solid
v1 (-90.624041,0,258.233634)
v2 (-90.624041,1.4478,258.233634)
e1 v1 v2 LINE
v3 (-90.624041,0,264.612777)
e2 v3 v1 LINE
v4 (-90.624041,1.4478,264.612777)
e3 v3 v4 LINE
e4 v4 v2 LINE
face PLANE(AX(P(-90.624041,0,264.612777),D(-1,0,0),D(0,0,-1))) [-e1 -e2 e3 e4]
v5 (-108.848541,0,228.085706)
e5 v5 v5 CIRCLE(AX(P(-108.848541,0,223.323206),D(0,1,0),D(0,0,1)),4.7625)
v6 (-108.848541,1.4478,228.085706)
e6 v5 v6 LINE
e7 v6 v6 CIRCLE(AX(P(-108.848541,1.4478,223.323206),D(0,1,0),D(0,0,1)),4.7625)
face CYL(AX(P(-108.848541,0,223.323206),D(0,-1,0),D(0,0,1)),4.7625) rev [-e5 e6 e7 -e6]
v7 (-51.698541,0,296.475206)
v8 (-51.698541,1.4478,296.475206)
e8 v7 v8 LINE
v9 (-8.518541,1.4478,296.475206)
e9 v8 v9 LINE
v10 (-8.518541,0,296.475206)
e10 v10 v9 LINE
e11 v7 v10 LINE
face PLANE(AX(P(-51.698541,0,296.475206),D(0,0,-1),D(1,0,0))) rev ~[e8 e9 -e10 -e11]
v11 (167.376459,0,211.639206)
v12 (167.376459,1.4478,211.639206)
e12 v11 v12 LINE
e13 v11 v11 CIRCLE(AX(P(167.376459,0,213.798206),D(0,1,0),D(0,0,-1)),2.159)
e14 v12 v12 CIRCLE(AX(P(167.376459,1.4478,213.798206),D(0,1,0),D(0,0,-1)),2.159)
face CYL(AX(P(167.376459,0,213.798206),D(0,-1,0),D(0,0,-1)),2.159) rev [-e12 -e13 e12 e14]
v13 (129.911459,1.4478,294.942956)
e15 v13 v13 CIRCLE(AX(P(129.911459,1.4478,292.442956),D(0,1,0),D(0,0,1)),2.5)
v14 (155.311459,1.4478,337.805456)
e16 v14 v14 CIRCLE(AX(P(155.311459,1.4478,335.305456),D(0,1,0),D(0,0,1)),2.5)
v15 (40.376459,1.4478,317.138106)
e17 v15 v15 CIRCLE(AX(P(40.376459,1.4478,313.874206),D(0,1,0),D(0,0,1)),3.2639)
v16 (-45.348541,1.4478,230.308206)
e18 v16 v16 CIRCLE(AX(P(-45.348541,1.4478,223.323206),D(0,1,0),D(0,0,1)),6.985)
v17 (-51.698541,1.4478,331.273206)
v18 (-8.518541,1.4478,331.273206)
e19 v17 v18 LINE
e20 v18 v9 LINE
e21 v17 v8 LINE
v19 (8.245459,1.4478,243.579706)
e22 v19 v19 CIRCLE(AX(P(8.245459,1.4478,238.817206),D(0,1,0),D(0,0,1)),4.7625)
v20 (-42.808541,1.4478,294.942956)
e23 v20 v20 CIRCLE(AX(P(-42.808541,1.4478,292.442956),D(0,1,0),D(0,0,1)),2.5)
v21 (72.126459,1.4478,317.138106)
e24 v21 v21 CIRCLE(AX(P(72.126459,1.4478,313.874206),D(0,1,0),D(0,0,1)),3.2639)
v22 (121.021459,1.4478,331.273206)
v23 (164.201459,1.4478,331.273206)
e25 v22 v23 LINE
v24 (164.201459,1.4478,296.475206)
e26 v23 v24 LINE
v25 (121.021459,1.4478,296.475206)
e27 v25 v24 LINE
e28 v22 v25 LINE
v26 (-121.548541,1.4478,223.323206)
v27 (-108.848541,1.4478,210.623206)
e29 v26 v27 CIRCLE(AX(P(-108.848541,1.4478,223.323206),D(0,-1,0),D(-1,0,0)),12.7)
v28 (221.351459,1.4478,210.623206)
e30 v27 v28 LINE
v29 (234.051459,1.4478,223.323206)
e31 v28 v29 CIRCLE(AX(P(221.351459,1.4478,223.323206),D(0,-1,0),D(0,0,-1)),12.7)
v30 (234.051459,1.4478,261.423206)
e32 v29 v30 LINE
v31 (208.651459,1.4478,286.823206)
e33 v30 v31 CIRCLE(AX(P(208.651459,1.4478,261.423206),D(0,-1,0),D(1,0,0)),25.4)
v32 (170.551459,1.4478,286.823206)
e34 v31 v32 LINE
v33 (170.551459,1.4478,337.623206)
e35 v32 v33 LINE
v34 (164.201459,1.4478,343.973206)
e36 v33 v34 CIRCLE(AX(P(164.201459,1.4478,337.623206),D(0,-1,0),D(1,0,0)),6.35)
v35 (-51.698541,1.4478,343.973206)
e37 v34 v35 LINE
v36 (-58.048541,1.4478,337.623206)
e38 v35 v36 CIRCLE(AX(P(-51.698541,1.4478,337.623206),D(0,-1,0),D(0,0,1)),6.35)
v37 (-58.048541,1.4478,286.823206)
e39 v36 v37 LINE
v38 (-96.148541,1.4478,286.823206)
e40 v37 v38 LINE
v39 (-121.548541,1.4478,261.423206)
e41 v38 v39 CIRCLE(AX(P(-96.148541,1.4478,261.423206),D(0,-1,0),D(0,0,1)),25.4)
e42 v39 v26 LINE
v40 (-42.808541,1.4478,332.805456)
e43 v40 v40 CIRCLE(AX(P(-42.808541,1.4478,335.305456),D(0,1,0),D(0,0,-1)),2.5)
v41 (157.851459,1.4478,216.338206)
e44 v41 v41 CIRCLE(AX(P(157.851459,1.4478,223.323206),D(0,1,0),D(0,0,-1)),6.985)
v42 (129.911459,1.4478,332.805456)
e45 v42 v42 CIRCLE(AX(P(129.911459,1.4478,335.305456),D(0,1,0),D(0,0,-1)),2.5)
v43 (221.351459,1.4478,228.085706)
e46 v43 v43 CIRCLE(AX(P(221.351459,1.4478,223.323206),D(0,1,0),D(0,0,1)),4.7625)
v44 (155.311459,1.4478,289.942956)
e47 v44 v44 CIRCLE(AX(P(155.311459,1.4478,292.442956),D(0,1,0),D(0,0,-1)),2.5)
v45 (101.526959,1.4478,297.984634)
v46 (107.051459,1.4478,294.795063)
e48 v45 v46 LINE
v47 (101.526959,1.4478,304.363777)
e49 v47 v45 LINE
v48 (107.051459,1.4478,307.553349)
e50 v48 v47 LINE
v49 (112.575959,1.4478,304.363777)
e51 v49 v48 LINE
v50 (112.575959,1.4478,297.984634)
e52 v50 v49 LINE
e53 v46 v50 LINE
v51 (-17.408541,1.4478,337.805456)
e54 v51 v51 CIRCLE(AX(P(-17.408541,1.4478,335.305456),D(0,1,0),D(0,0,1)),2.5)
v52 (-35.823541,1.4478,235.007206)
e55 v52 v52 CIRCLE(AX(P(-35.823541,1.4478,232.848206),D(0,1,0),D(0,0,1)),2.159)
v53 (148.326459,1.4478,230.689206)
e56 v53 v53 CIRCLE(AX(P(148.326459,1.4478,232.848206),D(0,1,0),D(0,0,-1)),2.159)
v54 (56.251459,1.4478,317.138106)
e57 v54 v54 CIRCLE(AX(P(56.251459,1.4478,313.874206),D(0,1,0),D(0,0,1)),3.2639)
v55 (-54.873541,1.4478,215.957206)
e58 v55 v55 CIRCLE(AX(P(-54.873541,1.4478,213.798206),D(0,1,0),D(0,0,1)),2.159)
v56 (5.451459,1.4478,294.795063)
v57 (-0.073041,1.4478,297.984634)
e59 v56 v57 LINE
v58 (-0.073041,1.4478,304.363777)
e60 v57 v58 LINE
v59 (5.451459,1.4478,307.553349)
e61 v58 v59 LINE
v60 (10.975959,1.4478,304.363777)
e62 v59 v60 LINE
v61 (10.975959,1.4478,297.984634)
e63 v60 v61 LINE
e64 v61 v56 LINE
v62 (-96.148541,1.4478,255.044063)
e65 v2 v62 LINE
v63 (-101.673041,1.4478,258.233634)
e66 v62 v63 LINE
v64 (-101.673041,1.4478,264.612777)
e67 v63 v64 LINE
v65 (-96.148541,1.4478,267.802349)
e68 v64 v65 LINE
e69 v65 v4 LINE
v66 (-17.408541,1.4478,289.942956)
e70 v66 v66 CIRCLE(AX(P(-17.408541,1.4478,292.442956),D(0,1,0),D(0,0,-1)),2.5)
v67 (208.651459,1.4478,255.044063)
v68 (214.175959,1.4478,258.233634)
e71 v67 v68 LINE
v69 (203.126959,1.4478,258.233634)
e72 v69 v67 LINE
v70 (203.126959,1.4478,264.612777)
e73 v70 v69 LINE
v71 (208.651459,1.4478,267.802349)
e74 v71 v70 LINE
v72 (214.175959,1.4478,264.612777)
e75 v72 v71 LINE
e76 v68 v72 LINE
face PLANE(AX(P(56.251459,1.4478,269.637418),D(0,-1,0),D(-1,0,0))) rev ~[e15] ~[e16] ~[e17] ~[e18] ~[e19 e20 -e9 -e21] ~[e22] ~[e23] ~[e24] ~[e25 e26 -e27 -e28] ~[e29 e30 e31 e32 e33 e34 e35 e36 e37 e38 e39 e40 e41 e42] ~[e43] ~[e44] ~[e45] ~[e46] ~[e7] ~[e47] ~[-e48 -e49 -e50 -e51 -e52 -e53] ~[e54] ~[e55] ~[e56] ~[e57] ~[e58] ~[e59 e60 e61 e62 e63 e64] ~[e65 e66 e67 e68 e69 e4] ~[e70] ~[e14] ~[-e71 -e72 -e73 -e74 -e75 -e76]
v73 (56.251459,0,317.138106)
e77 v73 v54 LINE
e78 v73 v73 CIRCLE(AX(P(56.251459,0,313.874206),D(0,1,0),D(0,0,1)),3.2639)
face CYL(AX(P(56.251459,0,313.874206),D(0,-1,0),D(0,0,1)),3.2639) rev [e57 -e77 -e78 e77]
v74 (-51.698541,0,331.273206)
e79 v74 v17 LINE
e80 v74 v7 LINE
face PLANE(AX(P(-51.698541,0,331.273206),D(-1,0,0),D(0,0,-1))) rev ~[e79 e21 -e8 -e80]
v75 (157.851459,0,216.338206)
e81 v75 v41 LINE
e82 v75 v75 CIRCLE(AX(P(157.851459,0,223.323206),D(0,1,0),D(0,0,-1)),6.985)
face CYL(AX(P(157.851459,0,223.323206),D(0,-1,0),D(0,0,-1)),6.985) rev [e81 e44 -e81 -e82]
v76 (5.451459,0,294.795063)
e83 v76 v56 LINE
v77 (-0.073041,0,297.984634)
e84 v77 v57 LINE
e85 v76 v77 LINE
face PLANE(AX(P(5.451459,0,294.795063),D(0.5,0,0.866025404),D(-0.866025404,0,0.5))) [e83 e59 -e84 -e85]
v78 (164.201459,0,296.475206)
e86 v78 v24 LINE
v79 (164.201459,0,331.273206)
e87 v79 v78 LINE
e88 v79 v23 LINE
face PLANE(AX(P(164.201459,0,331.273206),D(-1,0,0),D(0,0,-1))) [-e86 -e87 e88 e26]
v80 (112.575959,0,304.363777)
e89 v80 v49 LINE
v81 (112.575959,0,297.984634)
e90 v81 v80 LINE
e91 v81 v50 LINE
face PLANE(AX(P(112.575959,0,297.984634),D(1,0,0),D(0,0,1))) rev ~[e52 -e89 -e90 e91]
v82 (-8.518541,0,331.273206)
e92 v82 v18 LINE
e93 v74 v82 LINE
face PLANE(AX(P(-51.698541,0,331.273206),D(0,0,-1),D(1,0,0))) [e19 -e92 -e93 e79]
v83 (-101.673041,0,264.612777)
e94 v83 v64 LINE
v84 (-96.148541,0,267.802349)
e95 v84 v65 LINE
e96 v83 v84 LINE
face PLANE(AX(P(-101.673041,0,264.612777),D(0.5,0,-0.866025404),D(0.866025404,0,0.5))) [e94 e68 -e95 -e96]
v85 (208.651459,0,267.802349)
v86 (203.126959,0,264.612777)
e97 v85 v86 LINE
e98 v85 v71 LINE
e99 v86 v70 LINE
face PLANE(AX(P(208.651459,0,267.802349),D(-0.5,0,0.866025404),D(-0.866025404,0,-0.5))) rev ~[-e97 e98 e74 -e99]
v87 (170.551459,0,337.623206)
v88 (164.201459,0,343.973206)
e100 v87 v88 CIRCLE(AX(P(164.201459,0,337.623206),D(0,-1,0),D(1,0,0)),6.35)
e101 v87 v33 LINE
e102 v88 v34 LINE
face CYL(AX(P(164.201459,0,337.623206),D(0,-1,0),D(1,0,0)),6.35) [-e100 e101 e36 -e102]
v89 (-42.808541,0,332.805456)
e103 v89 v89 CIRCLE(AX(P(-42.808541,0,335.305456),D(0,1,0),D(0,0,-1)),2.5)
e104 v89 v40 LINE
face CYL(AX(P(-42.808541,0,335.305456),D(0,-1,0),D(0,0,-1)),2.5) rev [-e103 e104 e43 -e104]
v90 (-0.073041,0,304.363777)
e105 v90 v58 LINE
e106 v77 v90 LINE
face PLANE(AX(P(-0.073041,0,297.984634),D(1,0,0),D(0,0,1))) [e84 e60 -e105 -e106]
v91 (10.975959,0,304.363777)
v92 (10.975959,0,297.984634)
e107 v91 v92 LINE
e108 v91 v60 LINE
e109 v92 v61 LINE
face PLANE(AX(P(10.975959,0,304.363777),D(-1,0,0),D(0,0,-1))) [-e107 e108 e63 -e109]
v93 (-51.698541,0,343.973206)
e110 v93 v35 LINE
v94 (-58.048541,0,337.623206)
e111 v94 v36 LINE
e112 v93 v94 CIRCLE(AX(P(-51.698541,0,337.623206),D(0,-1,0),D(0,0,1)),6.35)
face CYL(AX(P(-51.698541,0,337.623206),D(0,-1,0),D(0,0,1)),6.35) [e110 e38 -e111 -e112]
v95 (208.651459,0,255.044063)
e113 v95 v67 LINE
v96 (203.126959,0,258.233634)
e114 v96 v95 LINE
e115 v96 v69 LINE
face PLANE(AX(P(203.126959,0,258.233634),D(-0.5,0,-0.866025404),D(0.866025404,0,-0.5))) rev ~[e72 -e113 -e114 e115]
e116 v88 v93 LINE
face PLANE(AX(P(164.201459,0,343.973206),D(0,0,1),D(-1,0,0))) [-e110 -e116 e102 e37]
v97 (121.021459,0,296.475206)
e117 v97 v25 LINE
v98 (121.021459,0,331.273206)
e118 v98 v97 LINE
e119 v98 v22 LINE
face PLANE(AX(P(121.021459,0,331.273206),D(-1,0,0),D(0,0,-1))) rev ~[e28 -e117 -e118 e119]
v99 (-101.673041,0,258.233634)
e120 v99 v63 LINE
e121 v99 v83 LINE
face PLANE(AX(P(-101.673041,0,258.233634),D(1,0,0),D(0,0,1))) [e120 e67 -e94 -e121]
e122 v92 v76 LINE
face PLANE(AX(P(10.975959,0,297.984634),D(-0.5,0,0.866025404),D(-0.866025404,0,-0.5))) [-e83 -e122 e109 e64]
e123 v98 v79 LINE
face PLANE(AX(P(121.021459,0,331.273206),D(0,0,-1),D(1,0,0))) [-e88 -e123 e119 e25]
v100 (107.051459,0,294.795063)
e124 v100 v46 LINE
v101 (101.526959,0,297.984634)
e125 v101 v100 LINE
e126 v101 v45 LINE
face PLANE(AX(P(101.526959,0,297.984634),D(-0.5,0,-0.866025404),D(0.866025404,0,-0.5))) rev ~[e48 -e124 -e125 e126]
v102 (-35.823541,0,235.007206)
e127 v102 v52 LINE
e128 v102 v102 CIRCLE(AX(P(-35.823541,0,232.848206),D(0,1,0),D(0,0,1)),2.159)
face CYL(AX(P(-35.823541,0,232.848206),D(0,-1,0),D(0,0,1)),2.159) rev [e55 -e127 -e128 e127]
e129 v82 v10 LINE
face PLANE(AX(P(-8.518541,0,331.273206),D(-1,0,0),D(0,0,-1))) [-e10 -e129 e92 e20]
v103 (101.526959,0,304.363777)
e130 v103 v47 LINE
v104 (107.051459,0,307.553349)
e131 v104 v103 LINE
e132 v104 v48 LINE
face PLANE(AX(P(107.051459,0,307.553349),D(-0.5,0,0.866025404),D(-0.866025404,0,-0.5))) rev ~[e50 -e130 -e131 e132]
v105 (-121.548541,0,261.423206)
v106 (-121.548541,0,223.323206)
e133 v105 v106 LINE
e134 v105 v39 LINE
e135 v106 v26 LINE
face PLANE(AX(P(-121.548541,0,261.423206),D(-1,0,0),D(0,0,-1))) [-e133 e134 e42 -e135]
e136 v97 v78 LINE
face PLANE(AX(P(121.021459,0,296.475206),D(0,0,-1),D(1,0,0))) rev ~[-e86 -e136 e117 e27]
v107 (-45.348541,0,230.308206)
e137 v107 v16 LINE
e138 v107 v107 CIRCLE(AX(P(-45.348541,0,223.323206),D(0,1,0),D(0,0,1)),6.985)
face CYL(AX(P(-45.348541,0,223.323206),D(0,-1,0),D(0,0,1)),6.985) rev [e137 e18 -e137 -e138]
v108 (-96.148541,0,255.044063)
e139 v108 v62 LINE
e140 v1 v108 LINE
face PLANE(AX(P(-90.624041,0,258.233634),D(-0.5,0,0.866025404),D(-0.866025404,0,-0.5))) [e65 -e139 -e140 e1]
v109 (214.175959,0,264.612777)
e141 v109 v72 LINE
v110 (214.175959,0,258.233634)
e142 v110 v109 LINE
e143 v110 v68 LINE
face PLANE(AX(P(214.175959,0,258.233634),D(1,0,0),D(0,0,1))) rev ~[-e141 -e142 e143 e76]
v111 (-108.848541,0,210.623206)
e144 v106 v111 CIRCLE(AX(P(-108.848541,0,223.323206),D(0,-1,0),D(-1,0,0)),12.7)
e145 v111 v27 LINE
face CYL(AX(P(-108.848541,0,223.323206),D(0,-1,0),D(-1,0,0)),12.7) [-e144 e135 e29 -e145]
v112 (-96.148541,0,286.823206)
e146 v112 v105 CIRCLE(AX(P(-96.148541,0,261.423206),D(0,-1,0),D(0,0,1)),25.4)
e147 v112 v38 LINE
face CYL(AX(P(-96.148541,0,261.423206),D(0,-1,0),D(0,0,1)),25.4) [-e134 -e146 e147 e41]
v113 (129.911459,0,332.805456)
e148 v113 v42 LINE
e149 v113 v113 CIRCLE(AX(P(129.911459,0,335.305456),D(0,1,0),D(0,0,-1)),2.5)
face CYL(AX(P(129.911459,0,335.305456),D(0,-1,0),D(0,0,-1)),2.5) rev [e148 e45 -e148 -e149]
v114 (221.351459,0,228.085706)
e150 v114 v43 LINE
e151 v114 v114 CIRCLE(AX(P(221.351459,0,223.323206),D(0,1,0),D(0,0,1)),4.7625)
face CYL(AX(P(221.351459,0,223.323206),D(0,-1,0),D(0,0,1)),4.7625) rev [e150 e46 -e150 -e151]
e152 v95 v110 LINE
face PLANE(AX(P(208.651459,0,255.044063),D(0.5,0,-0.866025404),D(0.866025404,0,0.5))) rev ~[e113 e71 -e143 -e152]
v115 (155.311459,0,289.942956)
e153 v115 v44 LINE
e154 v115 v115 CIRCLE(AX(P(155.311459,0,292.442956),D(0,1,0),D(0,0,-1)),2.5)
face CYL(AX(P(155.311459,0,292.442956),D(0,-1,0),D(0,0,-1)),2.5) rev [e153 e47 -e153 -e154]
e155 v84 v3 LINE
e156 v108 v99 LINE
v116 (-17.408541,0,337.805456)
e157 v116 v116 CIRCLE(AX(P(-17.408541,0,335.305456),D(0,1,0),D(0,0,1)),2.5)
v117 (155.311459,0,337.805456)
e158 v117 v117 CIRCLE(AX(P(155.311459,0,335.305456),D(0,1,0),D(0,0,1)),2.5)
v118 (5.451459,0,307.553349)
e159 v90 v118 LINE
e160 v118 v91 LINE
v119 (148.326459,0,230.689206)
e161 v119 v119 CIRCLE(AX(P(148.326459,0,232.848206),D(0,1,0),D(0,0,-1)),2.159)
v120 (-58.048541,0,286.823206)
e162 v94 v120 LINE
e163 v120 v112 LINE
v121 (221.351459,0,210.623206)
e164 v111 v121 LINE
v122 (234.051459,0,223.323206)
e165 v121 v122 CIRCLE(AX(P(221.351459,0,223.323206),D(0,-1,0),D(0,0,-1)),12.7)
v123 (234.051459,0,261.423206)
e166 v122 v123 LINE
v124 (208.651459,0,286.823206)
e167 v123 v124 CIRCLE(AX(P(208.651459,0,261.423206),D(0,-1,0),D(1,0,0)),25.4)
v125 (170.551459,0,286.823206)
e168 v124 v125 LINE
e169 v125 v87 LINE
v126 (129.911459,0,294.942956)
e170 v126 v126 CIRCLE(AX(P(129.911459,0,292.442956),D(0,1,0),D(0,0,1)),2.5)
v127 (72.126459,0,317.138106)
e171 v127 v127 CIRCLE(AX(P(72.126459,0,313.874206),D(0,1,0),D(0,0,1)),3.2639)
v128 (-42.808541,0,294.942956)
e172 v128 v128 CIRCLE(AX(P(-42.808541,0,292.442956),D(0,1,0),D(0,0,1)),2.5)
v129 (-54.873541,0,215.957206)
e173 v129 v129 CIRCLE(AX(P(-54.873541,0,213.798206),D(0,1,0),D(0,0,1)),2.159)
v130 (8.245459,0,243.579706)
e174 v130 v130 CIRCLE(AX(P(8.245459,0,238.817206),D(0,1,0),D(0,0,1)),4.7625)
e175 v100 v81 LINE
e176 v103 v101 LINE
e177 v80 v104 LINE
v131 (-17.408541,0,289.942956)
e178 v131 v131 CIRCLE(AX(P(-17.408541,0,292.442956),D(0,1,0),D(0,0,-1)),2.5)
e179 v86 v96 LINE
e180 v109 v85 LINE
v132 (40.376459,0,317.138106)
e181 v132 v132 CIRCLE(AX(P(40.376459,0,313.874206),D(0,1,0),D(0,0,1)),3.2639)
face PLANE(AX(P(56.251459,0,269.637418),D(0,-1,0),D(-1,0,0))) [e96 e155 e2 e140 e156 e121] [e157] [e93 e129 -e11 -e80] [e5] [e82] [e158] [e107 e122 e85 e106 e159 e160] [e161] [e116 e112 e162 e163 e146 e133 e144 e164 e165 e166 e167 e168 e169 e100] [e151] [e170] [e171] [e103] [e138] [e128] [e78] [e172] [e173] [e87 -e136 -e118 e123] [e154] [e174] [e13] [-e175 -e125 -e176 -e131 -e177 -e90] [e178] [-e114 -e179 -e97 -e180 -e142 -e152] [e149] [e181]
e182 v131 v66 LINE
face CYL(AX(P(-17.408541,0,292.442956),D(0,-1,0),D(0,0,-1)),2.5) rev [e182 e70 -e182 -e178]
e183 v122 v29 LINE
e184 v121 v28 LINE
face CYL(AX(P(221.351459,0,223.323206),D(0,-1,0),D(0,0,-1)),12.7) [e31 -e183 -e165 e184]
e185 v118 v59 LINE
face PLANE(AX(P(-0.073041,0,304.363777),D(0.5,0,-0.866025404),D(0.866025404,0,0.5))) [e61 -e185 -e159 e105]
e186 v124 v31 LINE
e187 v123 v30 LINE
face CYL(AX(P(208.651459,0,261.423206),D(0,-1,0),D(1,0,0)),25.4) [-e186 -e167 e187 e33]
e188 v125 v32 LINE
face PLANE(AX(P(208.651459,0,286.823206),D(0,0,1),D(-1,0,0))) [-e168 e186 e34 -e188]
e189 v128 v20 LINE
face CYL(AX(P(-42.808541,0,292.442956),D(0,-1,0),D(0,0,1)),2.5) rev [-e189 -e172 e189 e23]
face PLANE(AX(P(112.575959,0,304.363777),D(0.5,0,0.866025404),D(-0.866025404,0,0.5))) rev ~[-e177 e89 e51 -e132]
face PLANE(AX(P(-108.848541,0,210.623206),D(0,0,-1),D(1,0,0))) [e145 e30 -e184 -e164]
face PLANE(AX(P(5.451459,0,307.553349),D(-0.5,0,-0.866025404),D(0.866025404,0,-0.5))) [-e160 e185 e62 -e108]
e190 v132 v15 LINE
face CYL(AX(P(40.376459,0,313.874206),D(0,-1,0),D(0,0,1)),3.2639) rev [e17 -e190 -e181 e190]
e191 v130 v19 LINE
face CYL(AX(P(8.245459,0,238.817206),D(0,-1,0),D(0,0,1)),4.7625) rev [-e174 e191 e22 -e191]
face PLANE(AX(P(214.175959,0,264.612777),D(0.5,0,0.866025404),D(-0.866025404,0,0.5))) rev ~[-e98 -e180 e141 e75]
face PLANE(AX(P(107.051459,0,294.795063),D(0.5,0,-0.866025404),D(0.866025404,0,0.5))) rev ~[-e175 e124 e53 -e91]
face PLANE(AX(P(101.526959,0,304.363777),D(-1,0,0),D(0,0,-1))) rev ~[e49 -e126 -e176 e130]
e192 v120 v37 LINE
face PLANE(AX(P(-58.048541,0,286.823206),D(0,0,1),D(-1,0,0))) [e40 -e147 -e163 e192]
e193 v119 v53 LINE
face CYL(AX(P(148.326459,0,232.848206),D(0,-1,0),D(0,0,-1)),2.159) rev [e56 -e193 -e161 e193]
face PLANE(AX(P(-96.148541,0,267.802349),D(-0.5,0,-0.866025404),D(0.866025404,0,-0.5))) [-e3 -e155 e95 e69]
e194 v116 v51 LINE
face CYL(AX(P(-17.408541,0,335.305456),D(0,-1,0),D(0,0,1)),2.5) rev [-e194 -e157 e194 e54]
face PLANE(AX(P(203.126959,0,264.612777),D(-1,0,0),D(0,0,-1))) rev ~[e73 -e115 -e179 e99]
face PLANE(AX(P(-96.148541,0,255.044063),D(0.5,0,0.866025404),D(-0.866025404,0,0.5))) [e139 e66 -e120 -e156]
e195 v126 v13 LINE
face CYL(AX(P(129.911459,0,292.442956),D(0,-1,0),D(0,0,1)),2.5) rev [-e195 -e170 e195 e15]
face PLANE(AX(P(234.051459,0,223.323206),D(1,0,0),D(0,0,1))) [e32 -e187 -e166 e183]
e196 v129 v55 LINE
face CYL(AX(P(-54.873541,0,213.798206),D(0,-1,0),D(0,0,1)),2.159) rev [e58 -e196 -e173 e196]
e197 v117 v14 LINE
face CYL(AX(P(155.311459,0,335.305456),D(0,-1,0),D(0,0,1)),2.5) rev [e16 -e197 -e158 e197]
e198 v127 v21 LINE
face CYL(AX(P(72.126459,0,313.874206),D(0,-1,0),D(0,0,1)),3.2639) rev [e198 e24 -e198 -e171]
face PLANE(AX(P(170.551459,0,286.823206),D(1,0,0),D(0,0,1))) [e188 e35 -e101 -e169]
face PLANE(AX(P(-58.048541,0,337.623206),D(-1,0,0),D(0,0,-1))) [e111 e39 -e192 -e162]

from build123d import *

# Parameters (mm, degrees)
SKETCH1_R           = 2.5
SKETCH1_R_2         = 3.2639
SKETCH1_R_3         = 6.985
SKETCH1_R_4         = 2.159
SKETCH1_R_5         = 4.7625
SKETCH1_W           = 43.18
SKETCH1_H           = 34.798
BOSS_EXTRUDE1_DEPTH = 1.4478


with BuildPart() as part:
    # Sketch1 → Boss-Extrude1 (new body)
    with BuildSketch(Plane(origin=(0, 0, 0), x_dir=(1, 0, 0), z_dir=(0, 1, 0))):
        with BuildLine():
            Line((-58.048540962, -286.823205678), (-96.148540962, -286.823205678))
            ThreePointArc((-96.148540962, -286.823205678), (-114.109053204, -279.38371792), (-121.548540962, -261.423205678))
            Line((-121.548540962, -261.423205678), (-121.548540962, -223.323205678))
            ThreePointArc((-121.548540962, -223.323205678), (-117.828797083, -214.342949557), (-108.848540962, -210.623205678))
            Line((-108.848540962, -210.623205678), (221.351459038, -210.623205678))
            ThreePointArc((221.351459038, -210.623205678), (230.331715159, -214.342949557), (234.051459038, -223.323205678))
            Line((234.051459038, -223.323205678), (234.051459038, -261.423205678))
            ThreePointArc((234.051459038, -261.423205678), (226.611971281, -279.38371792), (208.651459038, -286.823205678))
            Line((208.651459038, -286.823205678), (170.551459038, -286.823205678))
            Line((170.551459038, -286.823205678), (170.551459038, -337.623205678))
            ThreePointArc((170.551459038, -337.623205678), (168.691587099, -342.113333738), (164.201459038, -343.973205678))
            Line((164.201459038, -343.973205678), (-51.698540962, -343.973205678))
            ThreePointArc((-51.698540962, -343.973205678), (-56.188669022, -342.113333738), (-58.048540962, -337.623205678))
            Line((-58.048540962, -337.623205678), (-58.048540962, -286.823205678))
        make_face()
        with Locations(Location((-42.808540962, -292.442955678, 0), (0, 0, 270))):
            Circle(SKETCH1_R, mode=Mode.SUBTRACT)
        with Locations(Location((-17.408540962, -292.442955678, 0), (0, 0, 90))):
            Circle(SKETCH1_R, mode=Mode.SUBTRACT)
        with Locations(Location((-17.408540962, -335.305455678, 0), (0, 0, 270))):
            Circle(SKETCH1_R, mode=Mode.SUBTRACT)
        with Locations(Location((-42.808540962, -335.305455678, 0), (0, 0, 90))):
            Circle(SKETCH1_R, mode=Mode.SUBTRACT)
        with Locations(Location((129.911459038, -292.442955678, 0), (0, 0, 270))):
            Circle(SKETCH1_R, mode=Mode.SUBTRACT)
        with Locations(Location((155.311459038, -292.442955678, 0), (0, 0, 90))):
            Circle(SKETCH1_R, mode=Mode.SUBTRACT)
        with Locations(Location((155.311459038, -335.305455678, 0), (0, 0, 270))):
            Circle(SKETCH1_R, mode=Mode.SUBTRACT)
        with Locations(Location((129.911459038, -335.305455678, 0), (0, 0, 90))):
            Circle(SKETCH1_R, mode=Mode.SUBTRACT)
        with Locations(Location((40.376459038, -313.874205678, 0), (0, 0, 270))):
            Circle(SKETCH1_R_2, mode=Mode.SUBTRACT)
        with Locations(Location((56.251459038, -313.874205678, 0), (0, 0, 270))):
            Circle(SKETCH1_R_2, mode=Mode.SUBTRACT)
        with Locations(Location((72.126459038, -313.874205678, 0), (0, 0, 270))):
            Circle(SKETCH1_R_2, mode=Mode.SUBTRACT)
        with Locations(Location((-45.348540962, -223.323205678, 0), (0, 0, 270))):
            Circle(SKETCH1_R_3, mode=Mode.SUBTRACT)
        with Locations(Location((-54.873540962, -213.798205678, 0), (0, 0, 270))):
            Circle(SKETCH1_R_4, mode=Mode.SUBTRACT)
        with Locations(Location((-35.823540962, -232.848205678, 0), (0, 0, 270))):
            Circle(SKETCH1_R_4, mode=Mode.SUBTRACT)
        with Locations(Location((8.245459038, -238.817205678, 0), (0, 0, 270))):
            Circle(SKETCH1_R_5, mode=Mode.SUBTRACT)
        with Locations(Location((148.326459038, -232.848205678, 0), (0, 0, 90))):
            Circle(SKETCH1_R_4, mode=Mode.SUBTRACT)
        with Locations(Location((157.851459038, -223.323205678, 0), (0, 0, 90))):
            Circle(SKETCH1_R_3, mode=Mode.SUBTRACT)
        with Locations(Location((167.376459038, -213.798205678, 0), (0, 0, 90))):
            Circle(SKETCH1_R_4, mode=Mode.SUBTRACT)
        with Locations(Location((-108.848540962, -223.323205678, 0), (0, 0, 270))):
            Circle(SKETCH1_R_5, mode=Mode.SUBTRACT)
        with Locations(Location((221.351459038, -223.323205678, 0), (0, 0, 270))):
            Circle(SKETCH1_R_5, mode=Mode.SUBTRACT)
        with Locations((-30.108540962, -313.874205678)):
            Rectangle(SKETCH1_W, SKETCH1_H, mode=Mode.SUBTRACT)
        with Locations((142.611459038, -313.874205678)):
            Rectangle(SKETCH1_W, SKETCH1_H, mode=Mode.SUBTRACT)
        Polygon((10.975959038, -304.36377724), (10.975959038, -297.984634115), (5.451459038, -294.795062553), (-0.073040962, -297.984634115), (-0.073040962, -304.36377724), (5.451459038, -307.553348802), align=None, mode=Mode.SUBTRACT)
        Polygon((107.051459038, -307.553348802), (101.526959038, -304.36377724), (101.526959038, -297.984634115), (107.051459038, -294.795062553), (112.575959038, -297.984634115), (112.575959038, -304.36377724), align=None, mode=Mode.SUBTRACT)
        Polygon((-90.624040962, -258.233634115), (-96.148540962, -255.044062553), (-101.673040962, -258.233634115), (-101.673040962, -264.61277724), (-96.148540962, -267.802348802), (-90.624040962, -264.61277724), align=None, mode=Mode.SUBTRACT)
        Polygon((214.175959038, -264.61277724), (208.651459038, -267.802348802), (203.126959038, -264.61277724), (203.126959038, -258.233634115), (208.651459038, -255.044062553), (214.175959038, -258.233634115), align=None, mode=Mode.SUBTRACT)
    extrude(amount=BOSS_EXTRUDE1_DEPTH)


solid = part.part
